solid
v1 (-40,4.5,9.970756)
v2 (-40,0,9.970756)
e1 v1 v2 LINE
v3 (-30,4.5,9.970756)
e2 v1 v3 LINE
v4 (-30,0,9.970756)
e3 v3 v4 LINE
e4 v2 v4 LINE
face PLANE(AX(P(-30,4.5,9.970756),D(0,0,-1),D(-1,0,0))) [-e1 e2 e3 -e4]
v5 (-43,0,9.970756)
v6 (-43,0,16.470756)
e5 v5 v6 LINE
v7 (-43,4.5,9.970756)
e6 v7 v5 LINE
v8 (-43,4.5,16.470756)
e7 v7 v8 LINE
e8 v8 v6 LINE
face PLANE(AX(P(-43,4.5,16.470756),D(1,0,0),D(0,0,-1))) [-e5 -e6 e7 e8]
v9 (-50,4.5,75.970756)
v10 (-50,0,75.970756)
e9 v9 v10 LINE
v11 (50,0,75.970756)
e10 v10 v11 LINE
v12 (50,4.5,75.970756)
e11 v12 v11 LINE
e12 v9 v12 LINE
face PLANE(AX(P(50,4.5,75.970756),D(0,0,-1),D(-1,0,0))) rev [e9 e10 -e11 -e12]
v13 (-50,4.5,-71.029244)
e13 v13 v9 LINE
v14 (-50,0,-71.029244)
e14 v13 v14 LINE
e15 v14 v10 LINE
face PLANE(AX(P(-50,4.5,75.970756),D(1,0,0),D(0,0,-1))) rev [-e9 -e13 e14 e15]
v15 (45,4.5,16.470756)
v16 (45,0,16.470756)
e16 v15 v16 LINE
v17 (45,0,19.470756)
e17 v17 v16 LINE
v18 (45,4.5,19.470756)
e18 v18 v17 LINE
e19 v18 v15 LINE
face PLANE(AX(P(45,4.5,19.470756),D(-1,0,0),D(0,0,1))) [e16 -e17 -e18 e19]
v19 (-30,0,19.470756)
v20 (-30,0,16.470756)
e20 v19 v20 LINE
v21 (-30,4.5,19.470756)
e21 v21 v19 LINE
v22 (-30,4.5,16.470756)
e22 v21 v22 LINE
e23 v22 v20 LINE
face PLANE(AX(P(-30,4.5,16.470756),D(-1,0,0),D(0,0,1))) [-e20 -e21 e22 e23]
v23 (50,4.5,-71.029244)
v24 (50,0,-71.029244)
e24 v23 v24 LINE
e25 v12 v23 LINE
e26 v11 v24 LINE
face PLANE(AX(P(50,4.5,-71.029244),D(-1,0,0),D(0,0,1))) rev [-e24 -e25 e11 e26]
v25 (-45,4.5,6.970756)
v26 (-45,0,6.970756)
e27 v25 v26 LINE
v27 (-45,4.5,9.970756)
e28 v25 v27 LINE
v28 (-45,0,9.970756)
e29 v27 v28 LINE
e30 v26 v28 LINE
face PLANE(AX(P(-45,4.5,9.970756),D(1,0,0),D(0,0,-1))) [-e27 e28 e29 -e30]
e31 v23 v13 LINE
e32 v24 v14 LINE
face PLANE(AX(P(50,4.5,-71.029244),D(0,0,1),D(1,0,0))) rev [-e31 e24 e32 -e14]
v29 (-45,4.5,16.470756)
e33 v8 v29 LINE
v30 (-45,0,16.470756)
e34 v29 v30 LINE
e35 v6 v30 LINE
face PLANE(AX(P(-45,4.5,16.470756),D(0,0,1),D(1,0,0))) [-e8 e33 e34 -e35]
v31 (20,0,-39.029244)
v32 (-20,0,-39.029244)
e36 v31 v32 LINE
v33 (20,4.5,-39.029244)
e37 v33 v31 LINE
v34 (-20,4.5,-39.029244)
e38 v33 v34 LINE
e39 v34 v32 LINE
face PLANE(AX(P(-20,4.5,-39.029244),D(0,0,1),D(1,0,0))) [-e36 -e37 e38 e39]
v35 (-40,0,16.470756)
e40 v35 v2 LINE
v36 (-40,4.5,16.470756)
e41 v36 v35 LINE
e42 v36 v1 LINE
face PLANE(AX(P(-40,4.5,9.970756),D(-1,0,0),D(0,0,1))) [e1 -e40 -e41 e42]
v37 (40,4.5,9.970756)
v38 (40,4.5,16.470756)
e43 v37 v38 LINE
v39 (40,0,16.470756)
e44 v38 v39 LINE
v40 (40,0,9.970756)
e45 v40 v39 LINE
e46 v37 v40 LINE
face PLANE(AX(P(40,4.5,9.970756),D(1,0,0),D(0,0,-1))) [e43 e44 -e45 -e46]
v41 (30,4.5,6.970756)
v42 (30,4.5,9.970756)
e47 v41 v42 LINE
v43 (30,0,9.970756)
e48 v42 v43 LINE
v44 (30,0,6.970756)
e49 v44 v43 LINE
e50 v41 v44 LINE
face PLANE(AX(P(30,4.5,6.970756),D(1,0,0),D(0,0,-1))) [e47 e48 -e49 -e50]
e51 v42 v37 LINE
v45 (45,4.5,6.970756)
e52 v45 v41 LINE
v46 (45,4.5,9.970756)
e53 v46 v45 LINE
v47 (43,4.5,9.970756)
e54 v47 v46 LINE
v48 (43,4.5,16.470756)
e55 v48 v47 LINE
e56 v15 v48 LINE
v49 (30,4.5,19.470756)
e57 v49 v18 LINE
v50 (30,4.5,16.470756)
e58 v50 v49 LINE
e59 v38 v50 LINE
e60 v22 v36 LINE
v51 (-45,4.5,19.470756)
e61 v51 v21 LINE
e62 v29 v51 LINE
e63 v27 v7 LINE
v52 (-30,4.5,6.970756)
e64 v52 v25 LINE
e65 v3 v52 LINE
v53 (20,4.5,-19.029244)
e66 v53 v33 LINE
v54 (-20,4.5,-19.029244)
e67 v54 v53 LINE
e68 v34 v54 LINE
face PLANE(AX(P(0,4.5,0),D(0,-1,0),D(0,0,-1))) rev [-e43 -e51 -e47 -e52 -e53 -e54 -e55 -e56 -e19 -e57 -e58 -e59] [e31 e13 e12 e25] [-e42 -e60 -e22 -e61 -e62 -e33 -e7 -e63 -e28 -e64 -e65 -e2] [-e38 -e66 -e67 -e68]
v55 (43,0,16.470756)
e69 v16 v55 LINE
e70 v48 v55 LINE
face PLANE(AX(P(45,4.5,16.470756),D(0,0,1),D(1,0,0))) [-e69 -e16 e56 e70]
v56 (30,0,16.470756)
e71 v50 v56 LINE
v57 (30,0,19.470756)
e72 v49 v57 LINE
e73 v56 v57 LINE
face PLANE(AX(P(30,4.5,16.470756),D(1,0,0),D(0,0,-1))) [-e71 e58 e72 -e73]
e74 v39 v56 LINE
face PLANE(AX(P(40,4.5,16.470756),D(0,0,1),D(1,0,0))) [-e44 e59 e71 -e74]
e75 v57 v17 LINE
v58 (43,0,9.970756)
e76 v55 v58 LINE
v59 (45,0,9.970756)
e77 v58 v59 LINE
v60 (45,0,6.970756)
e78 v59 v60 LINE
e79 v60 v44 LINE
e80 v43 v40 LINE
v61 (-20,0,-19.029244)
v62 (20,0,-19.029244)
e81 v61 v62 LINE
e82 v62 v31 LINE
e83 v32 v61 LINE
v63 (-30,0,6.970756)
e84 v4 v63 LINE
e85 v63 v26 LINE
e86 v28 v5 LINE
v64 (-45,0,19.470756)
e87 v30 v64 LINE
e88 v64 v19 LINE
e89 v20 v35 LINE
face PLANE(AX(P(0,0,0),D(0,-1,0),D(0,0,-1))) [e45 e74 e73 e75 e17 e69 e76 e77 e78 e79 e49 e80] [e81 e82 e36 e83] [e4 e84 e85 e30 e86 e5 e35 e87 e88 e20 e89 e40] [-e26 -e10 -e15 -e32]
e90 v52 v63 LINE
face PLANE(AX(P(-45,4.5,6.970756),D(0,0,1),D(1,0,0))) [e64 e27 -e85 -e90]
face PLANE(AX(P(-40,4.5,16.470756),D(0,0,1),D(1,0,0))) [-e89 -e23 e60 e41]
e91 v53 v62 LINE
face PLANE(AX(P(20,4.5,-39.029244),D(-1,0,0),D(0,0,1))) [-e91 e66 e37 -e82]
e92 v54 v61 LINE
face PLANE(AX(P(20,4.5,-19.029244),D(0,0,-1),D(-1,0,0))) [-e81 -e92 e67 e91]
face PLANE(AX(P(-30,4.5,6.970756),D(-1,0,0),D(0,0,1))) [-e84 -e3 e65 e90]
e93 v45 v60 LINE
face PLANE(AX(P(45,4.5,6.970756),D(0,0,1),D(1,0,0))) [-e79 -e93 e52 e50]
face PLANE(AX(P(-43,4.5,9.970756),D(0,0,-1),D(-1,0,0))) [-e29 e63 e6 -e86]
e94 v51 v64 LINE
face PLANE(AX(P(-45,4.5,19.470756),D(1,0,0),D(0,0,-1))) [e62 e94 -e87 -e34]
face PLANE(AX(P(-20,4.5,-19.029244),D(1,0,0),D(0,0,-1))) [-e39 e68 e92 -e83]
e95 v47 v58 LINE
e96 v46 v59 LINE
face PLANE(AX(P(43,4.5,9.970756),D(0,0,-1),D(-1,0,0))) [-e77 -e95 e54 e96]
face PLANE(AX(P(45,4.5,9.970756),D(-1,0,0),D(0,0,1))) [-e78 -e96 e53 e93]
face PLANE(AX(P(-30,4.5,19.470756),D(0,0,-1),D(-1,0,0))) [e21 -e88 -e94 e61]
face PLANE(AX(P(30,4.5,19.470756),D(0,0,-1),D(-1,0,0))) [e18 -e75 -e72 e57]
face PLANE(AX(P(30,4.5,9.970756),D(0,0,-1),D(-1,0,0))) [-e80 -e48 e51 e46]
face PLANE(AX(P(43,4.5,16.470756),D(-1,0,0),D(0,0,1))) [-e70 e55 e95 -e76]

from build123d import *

# Parameters (mm, degrees)
SKETCH2_W           = 100
SKETCH2_H           = 147
SKETCH2_W_2         = 40
SKETCH2_H_2         = 20
BOSS_EXTRUDE1_DEPTH = 4.5


with BuildPart() as part:
    # Sketch2 → Boss-Extrude1 (new body)
    with BuildSketch(Plane(origin=(0, 0, 0), x_dir=(1, 0, 0), z_dir=(0, 1, 0))):
        with Locations((0, -2.47075608)):
            Rectangle(SKETCH2_W, SKETCH2_H)
        with Locations((0, 29.02924392)):
            Rectangle(SKETCH2_W_2, SKETCH2_H_2, mode=Mode.SUBTRACT)
        Polygon((-45, -6.97075608), (-30, -6.97075608), (-30, -9.97075608), (-40, -9.97075608), (-40, -16.47075608), (-30, -16.47075608), (-30, -19.47075608), (-45, -19.47075608), (-45, -16.47075608), (-43, -16.47075608), (-43, -9.97075608), (-45, -9.97075608), align=None, mode=Mode.SUBTRACT)
        Polygon((43, -9.97075608), (45, -9.97075608), (45, -6.97075608), (30, -6.97075608), (30, -9.97075608), (40, -9.97075608), (40, -16.47075608), (30, -16.47075608), (30, -19.47075608), (45, -19.47075608), (45, -16.47075608), (43, -16.47075608), align=None, mode=Mode.SUBTRACT)
    extrude(amount=BOSS_EXTRUDE1_DEPTH)


solid = part.part
